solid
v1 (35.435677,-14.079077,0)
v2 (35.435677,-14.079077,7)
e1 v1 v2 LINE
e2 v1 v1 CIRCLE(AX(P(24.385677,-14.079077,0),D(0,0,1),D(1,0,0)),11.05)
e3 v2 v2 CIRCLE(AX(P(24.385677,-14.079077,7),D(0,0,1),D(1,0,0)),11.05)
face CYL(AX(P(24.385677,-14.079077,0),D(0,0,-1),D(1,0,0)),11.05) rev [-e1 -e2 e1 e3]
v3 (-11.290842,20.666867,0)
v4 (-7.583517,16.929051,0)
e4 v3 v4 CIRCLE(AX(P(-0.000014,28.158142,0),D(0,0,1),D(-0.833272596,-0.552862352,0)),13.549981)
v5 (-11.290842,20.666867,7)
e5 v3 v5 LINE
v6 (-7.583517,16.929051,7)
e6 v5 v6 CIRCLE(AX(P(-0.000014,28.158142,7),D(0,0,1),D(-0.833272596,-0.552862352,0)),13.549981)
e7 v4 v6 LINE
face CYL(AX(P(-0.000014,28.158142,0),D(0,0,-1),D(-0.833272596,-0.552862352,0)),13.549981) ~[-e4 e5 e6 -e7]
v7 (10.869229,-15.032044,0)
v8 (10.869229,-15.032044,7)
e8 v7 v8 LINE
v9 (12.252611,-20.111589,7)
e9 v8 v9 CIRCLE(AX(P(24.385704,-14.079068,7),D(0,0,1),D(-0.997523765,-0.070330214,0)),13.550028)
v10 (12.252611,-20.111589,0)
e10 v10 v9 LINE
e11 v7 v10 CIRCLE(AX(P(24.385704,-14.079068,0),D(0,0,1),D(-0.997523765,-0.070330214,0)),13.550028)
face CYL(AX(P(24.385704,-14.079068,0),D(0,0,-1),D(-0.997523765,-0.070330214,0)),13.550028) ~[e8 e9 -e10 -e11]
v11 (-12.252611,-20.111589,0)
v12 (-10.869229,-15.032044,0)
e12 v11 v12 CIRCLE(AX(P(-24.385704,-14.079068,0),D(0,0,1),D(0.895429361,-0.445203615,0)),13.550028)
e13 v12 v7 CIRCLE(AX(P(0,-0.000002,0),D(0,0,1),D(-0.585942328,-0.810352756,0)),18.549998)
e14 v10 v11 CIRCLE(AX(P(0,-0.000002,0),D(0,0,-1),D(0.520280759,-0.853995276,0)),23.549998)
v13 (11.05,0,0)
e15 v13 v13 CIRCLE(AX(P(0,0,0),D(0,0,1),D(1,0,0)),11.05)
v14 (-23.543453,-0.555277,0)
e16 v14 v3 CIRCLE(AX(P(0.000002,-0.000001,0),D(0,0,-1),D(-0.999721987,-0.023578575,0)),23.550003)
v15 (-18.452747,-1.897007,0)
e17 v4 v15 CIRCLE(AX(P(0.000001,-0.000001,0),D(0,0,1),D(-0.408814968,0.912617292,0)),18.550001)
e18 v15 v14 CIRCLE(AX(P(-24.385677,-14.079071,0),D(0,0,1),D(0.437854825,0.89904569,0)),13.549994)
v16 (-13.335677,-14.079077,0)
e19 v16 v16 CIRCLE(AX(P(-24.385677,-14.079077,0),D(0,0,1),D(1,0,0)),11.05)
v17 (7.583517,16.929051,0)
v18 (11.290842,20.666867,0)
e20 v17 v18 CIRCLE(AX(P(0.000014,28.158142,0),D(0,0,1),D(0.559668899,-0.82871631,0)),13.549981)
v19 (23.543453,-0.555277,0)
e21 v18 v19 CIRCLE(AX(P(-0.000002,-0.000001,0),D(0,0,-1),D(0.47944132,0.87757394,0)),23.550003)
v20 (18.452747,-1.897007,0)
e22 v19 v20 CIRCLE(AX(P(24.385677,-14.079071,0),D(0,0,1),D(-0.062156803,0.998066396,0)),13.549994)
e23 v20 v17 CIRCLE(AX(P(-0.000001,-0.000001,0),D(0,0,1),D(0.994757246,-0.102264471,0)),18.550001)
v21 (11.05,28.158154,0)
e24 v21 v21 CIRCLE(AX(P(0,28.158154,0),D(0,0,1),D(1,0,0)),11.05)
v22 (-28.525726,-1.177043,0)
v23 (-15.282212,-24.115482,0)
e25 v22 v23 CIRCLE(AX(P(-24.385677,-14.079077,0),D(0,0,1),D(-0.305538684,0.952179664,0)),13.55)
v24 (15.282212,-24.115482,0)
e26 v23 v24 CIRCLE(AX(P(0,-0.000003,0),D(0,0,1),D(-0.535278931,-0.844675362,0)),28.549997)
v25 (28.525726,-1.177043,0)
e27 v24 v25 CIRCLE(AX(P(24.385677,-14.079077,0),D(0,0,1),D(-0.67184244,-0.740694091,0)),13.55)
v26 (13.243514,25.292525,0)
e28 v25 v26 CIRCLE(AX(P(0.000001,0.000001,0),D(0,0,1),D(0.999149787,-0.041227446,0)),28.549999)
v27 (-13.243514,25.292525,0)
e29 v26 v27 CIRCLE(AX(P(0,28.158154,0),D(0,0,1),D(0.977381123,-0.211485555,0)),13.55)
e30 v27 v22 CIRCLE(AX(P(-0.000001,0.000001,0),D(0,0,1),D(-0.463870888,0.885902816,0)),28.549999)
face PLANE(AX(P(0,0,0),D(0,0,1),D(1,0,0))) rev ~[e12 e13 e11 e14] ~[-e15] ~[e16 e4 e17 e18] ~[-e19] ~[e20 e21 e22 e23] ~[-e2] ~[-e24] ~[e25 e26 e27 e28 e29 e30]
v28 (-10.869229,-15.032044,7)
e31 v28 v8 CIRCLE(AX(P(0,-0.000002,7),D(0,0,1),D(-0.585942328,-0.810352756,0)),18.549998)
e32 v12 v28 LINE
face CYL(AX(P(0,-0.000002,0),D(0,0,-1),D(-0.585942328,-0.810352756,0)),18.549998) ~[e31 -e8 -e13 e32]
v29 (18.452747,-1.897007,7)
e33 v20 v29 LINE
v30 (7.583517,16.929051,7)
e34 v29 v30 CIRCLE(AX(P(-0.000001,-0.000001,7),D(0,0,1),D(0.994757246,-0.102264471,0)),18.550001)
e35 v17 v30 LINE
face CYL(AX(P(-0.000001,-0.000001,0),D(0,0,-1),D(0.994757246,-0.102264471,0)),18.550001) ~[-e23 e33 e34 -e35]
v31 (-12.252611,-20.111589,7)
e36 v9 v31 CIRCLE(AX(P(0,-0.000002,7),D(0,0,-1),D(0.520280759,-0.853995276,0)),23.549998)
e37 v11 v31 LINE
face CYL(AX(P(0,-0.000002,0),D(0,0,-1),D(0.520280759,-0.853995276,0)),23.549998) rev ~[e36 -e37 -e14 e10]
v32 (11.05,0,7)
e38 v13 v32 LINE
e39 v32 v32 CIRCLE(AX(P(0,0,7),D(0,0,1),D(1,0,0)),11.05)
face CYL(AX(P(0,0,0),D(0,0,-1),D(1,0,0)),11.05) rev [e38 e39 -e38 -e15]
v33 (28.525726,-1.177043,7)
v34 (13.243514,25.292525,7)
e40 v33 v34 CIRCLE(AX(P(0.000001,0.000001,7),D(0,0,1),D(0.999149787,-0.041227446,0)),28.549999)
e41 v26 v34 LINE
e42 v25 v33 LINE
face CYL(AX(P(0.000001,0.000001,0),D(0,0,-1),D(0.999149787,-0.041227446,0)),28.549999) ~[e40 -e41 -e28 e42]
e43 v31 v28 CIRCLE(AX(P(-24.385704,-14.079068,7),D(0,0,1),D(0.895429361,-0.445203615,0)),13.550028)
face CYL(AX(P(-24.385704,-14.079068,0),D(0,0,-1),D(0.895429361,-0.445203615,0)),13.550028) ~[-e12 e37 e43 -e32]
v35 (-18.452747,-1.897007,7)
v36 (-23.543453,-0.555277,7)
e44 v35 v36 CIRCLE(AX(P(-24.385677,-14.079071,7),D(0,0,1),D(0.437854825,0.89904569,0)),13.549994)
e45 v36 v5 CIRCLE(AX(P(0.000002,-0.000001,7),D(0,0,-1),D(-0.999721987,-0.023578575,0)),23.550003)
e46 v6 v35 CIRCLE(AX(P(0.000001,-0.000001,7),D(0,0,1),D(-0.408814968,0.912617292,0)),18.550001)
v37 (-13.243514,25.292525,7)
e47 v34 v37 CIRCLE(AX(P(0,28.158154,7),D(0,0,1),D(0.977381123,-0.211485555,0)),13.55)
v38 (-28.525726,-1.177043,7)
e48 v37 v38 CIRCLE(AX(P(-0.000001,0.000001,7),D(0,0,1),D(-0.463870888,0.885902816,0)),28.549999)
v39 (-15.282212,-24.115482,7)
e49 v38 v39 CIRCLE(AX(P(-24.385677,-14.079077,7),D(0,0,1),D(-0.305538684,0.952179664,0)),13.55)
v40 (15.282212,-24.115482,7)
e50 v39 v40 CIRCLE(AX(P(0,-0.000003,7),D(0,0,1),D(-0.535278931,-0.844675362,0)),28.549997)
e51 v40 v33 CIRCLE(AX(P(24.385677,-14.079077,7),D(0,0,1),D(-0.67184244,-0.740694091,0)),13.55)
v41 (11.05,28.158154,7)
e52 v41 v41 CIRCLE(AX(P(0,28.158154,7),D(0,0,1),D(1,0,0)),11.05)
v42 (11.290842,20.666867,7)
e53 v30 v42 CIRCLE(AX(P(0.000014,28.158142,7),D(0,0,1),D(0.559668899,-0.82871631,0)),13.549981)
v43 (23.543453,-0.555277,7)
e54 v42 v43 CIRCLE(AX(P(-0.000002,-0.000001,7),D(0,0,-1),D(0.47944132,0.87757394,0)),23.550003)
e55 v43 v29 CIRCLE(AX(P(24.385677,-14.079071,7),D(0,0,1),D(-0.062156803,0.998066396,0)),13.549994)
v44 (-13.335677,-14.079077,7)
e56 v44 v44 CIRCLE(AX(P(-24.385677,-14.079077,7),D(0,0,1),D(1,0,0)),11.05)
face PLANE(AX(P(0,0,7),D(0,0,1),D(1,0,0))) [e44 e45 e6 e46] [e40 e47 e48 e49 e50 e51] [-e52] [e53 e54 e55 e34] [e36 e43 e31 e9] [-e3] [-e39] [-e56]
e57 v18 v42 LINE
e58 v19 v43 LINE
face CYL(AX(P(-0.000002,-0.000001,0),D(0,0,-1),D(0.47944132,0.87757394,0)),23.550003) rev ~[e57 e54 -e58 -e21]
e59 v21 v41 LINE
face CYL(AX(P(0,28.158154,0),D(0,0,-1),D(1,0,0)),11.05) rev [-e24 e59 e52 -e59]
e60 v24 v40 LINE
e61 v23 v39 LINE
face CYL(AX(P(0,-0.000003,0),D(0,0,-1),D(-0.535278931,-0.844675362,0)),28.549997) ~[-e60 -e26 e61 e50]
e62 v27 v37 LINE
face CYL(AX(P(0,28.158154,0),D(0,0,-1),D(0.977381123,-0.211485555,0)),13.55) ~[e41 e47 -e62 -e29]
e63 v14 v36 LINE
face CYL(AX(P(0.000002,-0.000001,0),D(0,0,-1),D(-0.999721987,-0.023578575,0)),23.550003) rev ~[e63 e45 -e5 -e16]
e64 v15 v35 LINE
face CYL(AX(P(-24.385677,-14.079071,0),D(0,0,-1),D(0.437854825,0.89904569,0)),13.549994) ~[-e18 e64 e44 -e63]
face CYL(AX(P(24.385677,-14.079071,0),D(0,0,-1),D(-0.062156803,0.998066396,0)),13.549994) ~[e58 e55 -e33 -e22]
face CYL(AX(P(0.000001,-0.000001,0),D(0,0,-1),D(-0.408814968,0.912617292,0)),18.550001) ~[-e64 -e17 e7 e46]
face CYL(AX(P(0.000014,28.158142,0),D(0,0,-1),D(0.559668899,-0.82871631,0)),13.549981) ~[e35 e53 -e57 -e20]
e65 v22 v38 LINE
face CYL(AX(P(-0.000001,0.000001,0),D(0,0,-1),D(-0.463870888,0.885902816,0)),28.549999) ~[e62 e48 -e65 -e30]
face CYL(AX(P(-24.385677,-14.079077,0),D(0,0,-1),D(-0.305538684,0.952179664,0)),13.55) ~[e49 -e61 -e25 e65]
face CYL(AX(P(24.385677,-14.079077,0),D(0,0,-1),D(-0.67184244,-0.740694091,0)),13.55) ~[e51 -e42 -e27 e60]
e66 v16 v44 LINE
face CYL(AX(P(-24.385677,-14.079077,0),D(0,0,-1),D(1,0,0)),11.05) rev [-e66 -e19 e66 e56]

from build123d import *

# Parameters (mm, degrees)
F0_R     = 11.05
F0_R_2   = 13.55
F1_DEPTH = 7


with BuildPart() as f1:
    # F0 (on Top) → F1 (new body)
    with BuildSketch(Plane.XY):
        with BuildLine():
            ThreePointArc((28.525726, -1.177043), (24.725025, 14.275), (13.243514, 25.292525))
            ThreePointArc((13.243514, 25.292525), (0, 41.708154), (-13.243514, 25.292525))
            ThreePointArc((-13.243514, 25.292525), (-24.725025, 14.275), (-28.525726, -1.177043))
            ThreePointArc((-28.525726, -1.177043), (-36.120321, -20.854077), (-15.282212, -24.115482))
            ThreePointArc((-15.282212, -24.115482), (0, -28.55), (15.282212, -24.115482))
            ThreePointArc((15.282212, -24.115482), (36.120321, -20.854077), (28.525726, -1.177043))
        make_face()
        with Locations((-24.385677, -14.079077)):
            Circle(F0_R, mode=Mode.SUBTRACT)
        with BuildLine():
            ThreePointArc((12.252611, -20.111589), (0, -23.55), (-12.252611, -20.111589))
            ThreePointArc((-12.252611, -20.111589), (-11.311855, -17.639648), (-10.869229, -15.032044))
            ThreePointArc((-10.869229, -15.032044), (0, -18.55), (10.869229, -15.032044))
            ThreePointArc((10.869229, -15.032044), (11.311855, -17.639648), (12.252611, -20.111589))
        make_face(mode=Mode.SUBTRACT)
        with Locations((24.385677, -14.079077)):
            Circle(F0_R, mode=Mode.SUBTRACT)
        Circle(F0_R_2, mode=Mode.SUBTRACT)
        with BuildLine():
            ThreePointArc((-23.543453, -0.555277), (-20.394898, 11.775), (-11.290842, 20.666867))
            ThreePointArc((-11.290842, 20.666867), (-9.620456, 18.616177), (-7.583517, 16.929051))
            ThreePointArc((-7.583517, 16.929051), (-16.064771, 9.275), (-18.452747, -1.897007))
            ThreePointArc((-18.452747, -1.897007), (-20.932311, -0.976529), (-23.543453, -0.555277))
        make_face(mode=Mode.SUBTRACT)
        with BuildLine():
            ThreePointArc((23.543453, -0.555277), (20.932311, -0.976529), (18.452747, -1.897007))
            ThreePointArc((18.452747, -1.897007), (16.064771, 9.275), (7.583517, 16.929051))
            ThreePointArc((7.583517, 16.929051), (9.620456, 18.616177), (11.290842, 20.666867))
            ThreePointArc((11.290842, 20.666867), (20.394898, 11.775), (23.543453, -0.555277))
        make_face(mode=Mode.SUBTRACT)
        with Locations((0, 28.158154)):
            Circle(F0_R, mode=Mode.SUBTRACT)
        Circle(F0_R_2)
        Circle(F0_R, mode=Mode.SUBTRACT)
    extrude(amount=F1_DEPTH)


solid = f1.part
